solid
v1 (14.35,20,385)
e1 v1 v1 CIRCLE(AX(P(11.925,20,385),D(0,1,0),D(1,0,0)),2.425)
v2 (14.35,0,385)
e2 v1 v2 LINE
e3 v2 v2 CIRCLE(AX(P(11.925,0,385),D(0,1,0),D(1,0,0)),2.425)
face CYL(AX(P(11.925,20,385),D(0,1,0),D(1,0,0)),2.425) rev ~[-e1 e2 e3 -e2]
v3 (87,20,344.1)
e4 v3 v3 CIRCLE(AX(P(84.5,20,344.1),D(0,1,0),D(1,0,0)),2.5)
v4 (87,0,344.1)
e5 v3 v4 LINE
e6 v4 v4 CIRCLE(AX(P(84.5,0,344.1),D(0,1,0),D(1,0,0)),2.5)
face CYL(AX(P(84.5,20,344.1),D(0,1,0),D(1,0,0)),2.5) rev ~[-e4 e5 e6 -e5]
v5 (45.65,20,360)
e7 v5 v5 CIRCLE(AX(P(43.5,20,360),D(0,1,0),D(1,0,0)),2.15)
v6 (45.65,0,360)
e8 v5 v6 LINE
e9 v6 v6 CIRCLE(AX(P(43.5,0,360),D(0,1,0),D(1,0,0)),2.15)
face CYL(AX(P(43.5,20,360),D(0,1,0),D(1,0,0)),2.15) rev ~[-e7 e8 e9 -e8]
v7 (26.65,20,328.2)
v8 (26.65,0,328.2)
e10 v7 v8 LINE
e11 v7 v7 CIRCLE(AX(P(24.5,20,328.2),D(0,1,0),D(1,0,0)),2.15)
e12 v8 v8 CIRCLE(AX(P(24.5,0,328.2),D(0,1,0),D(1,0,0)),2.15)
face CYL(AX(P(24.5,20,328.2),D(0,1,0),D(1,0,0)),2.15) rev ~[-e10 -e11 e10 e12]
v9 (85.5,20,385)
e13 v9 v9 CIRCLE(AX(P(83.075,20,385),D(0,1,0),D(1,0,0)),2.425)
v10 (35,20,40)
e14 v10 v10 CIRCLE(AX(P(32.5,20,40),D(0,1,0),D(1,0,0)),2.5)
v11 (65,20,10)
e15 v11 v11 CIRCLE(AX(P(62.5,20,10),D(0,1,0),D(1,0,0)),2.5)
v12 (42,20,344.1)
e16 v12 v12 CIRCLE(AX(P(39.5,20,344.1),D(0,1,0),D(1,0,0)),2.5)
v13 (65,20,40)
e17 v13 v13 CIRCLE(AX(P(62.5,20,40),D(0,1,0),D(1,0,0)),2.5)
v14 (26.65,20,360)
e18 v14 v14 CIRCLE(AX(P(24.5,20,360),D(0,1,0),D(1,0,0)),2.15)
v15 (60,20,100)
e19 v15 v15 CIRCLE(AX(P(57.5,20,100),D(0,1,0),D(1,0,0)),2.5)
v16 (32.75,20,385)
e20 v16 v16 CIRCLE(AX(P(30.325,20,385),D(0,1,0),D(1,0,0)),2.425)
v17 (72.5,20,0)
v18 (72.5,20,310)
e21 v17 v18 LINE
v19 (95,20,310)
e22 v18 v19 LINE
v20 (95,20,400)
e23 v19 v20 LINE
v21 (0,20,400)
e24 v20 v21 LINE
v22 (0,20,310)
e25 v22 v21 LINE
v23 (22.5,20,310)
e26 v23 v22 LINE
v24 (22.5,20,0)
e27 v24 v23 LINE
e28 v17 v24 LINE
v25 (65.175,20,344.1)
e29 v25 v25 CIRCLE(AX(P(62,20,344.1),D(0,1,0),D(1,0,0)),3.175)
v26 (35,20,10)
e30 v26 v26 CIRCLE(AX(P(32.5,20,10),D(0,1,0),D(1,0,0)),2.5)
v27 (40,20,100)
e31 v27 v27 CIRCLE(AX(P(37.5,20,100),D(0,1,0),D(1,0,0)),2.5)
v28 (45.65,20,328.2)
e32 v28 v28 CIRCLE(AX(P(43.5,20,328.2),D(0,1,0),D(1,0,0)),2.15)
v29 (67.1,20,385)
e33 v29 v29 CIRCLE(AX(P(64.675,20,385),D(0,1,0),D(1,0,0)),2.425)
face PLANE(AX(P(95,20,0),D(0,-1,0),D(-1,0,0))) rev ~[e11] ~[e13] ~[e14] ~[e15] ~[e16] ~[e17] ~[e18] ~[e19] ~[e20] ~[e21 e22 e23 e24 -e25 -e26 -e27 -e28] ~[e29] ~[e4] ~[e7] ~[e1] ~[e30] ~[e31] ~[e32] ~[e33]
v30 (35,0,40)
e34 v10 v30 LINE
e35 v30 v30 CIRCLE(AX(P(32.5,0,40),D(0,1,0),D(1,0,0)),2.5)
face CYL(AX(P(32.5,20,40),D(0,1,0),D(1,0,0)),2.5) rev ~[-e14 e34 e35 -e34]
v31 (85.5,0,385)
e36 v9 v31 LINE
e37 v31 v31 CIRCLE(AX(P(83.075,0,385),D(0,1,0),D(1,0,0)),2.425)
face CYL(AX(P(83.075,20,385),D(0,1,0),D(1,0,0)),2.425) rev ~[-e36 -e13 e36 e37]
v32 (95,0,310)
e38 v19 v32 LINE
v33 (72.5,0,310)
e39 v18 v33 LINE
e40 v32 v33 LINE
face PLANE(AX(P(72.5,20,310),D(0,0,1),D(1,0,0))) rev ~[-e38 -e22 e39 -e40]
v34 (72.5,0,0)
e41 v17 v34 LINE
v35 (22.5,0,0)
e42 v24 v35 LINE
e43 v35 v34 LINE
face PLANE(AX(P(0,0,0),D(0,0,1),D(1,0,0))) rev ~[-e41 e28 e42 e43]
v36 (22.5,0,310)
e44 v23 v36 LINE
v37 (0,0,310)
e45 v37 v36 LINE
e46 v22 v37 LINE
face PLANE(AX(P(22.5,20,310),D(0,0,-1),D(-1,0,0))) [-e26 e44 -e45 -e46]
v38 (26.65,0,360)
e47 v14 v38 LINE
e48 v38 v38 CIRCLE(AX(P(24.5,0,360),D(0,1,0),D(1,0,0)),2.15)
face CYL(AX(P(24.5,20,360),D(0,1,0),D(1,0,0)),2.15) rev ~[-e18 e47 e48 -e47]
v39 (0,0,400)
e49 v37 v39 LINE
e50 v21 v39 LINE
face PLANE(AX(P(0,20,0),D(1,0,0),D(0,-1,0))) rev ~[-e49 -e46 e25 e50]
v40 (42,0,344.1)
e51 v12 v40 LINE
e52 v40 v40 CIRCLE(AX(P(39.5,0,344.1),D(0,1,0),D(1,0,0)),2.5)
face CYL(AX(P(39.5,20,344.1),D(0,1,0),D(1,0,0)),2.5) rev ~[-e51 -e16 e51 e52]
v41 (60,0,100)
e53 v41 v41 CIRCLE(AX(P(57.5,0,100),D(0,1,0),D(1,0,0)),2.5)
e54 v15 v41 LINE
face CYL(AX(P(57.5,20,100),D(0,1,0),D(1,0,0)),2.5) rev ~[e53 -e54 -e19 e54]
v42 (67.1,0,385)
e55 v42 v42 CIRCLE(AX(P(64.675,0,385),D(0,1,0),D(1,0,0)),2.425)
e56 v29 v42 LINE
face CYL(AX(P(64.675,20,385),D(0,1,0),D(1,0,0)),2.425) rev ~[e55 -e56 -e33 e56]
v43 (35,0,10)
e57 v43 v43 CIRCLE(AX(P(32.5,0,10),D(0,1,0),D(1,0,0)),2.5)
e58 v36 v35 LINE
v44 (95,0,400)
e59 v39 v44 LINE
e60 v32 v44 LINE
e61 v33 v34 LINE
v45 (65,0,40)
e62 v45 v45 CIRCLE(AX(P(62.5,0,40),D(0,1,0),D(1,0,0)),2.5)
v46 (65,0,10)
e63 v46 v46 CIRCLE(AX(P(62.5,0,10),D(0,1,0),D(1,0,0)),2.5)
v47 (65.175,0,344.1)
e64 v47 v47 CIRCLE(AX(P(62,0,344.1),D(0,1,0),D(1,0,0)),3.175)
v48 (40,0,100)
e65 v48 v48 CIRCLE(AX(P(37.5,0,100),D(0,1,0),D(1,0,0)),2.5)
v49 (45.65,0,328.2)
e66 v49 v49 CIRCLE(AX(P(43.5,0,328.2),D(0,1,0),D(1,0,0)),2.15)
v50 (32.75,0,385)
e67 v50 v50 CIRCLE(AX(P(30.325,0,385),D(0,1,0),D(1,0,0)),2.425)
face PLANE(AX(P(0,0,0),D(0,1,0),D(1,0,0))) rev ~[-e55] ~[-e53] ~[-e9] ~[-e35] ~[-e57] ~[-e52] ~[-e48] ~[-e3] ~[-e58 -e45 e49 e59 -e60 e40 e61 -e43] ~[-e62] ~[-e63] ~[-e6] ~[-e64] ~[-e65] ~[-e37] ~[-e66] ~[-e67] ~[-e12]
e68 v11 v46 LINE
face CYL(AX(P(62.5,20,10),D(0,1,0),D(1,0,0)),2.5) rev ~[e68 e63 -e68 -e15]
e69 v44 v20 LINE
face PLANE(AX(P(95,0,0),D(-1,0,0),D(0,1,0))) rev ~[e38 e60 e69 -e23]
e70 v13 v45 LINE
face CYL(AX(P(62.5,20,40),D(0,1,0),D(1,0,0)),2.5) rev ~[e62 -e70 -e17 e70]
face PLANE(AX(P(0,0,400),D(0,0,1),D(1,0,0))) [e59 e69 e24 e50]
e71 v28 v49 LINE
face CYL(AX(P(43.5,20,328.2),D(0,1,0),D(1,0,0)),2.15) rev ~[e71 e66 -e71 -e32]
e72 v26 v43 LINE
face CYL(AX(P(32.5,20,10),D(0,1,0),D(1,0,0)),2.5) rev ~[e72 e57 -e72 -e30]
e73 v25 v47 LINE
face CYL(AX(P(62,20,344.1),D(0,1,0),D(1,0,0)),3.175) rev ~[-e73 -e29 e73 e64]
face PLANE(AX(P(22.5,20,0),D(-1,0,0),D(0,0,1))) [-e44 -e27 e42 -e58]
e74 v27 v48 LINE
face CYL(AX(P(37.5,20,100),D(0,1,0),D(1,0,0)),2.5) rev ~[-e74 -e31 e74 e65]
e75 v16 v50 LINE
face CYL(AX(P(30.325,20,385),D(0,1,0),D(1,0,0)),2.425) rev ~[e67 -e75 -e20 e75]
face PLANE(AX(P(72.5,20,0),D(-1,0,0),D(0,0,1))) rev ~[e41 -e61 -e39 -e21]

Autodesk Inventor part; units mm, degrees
ref_plane "YZ Plane" through (0, 0, 0) normal (1, 0, 0) x (0, 1, 0)
ref_plane "XZ Plane" through (0, 0, 0) normal (0, 1, 0) x (-1, 0, 0)
ref_plane "XY Plane" through (0, 0, 0) normal (0, 0, 1) x (1, 0, 0)
sketch "Sketch1" plane through (0, 0, 0) normal (0, 0, 1) x (1, 0, 0)
  line L0 (0, 0) -> (95, 0)
  line L1 (95, 0) -> (95, 20)
  line L2 (95, 20) -> (0, 20)
  line L3 (0, 20) -> (0, 0)
  dimension "d0" = 95
  dimension "d1" = 20
extrude "Extrusion1" add sketch "Sketch1" along normal blind 400
sketch "Sketch4" plane through (0, 20, 0) normal (0, 1, 0) x (1, 0, 0)
  line L0 (95, 0) -> (0, 0) projected
  line L1 (0, 0) -> (0, -400) projected
  line L2 (95, -400) -> (0, -400) projected
  line L3 (95, 0) -> (95, -400) projected
  line L4 (95, -376.825) -> (95, -383.175) projected
  line L5 (0, -383.175) -> (0, -376.825) projected
  line L6 (95, 0) -> (72.5, 0)
  line L7 (72.5, 0) -> (72.5, -310)
  line L8 (72.5, -310) -> (95, -310)
  line L9 (95, -310) -> (95, 0)
  line L10 (0, 0) -> (22.5, 0)
  line L11 (22.5, 0) -> (22.5, -310)
  line L12 (22.5, -310) -> (0, -310)
  line L13 (0, -310) -> (0, 0)
  dimension "d30" = 90
  dimension "d31" = 50
  dimension "d32" = 22.5
extrude "Extrusion4" cut sketch "Sketch4" against normal up to next contours L3 L8 L7 L0 | L11 L12 L1 L0
sketch "Sketch5" plane through (0, 20, 400) normal (0, 1, 0) x (1, 0, 0)
  circle A0 centre (62.5, 360) radius 2.5
  circle A1 centre (32.5, 360) radius 2.5
  circle A2 centre (62.5, 390) radius 2.5
  circle A3 centre (32.5, 390) radius 2.5
  line L0 (22.5, 400) -> (22.5, 90) projected
  line L1 (22.5, 90) -> (0, 90) projected
  line L2 (0, 90) -> (0, 0) projected
  line L3 (95, 0) -> (0, 0) projected
  line L4 (95, 90) -> (95, 0) projected
  line L5 (95, 90) -> (72.5, 90) projected
  line L6 (72.5, 90) -> (72.5, 400) projected
  line L7 (72.5, 400) -> (22.5, 400) projected
  point P0 (0, 400)
  dimension "d35" = 5
  dimension "d36" = 5
  dimension "d37" = 5
  dimension "d38" = 5
  dimension "d39" = 30
  dimension "d40" = 30
  dimension "d41" = 10
  dimension "d42" = 10
  dimension "d43" = 30
  dimension "d44" = 30
  dimension "d45" = 10
  dimension "d46" = 10
extrude "Extrusion5" cut sketch "Sketch5" against normal up to next contours A0 | A1 | A2 | A3
sketch "Sketch8" plane through (0, 20, 400) normal (0, 1, 0) x (1, 0, 0)
  circle A0 centre (30.325, 15) radius 2.425
  circle A1 centre (11.925, 15) radius 2.425
  circle A2 centre (83.075, 15) radius 2.425
  circle A3 centre (64.675, 15) radius 2.425
  line L0 (0, 90) -> (0, 0) projected
  line L1 (95, 90) -> (95, 0) projected
  line L2 (95, 0) -> (0, 0) projected
  point P0 (0, 400)
  dimension "d60" = 4.85
  dimension "d61" = 4.85
  dimension "d62" = 4.85
  dimension "d63" = 4.85
  dimension "d64" = 11.925
  dimension "d65" = 18.4
  dimension "d66" = 11.925
  dimension "d67" = 18.4
  dimension "d68" = 15
  dimension "d69" = 15
  dimension "d70" = 15
  dimension "d71" = 15
extrude "Extrusion8" cut sketch "Sketch8" against normal up to next
sketch "Sketch9" plane through (0, 20, 400) normal (0, 1, 0) x (1, 0, 0)
  circle A0 centre (43.5, 40) radius 2.15
  circle A1 centre (43.5, 71.8) radius 2.15
  line L0 (95, 0) -> (0, 0) projected
  line L1 (0, 90) -> (0, 0) projected
  circle A2 centre (24.5, 40) radius 2.15
  circle A3 centre (24.5, 71.8) radius 2.15
  point P0 (0, 400)
  dimension "d74" = 4.3
  dimension "d75" = 4.3
  dimension "d76" = 31.8
  dimension "d77" = 40
  dimension "d80" = 4.3
  dimension "d81" = 4.3
  dimension "d82" = 19
  dimension "d83" = 19
  dimension "d84" = 31.8
  dimension "d85" = 40
  dimension "d86" = 24.5
  dimension "d87" = 24.5
extrude "Extrusion9" cut sketch "Sketch9" against normal up to next
sketch "Sketch10" plane through (0, 20, 400) normal (0, 1, 0) x (1, 0, 0)
  circle A0 centre (84.5, 55.9) radius 2.5
  circle A1 centre (39.5, 55.9) radius 2.5
  circle A2 centre (24.5, 40) radius 2.15 projected
  circle A3 centre (43.5, 40) radius 2.15 projected
  circle A4 centre (43.5, 71.8) radius 2.15 projected
  circle A5 centre (24.5, 71.8) radius 2.15 projected
  circle A6 centre (83.075, 15) radius 2.425 projected
  circle A7 centre (30.325, 15) radius 2.425 projected
  circle A8 centre (11.925, 15) radius 2.425 projected
  circle A9 centre (64.675, 15) radius 2.425 projected
  circle A10 centre (62.5, 390) radius 2.5 projected
  circle A11 centre (62.5, 360) radius 2.5 projected
  circle A12 centre (32.5, 360) radius 2.5 projected
  circle A13 centre (32.5, 390) radius 2.5 projected
  line L0 (22.5, 400) -> (22.5, 90) projected
  line L1 (22.5, 90) -> (0, 90) projected
  line L2 (0, 90) -> (0, 0) projected
  line L3 (95, 0) -> (0, 0) projected
  line L4 (95, 90) -> (95, 0) projected
  line L5 (95, 90) -> (72.5, 90) projected
  line L6 (72.5, 90) -> (72.5, 400) projected
  line L7 (72.5, 400) -> (22.5, 400) projected
  circle A14 centre (62, 55.9) radius 3.175
  point P0 (0, 400)
  dimension "d90" = 45
  dimension "d91" = 5
  dimension "d92" = 5
  dimension "d93" = 15.9
  dimension "d94" = 15.9
  dimension "d95" = 39.5
  dimension "d106" = 6.35
  dimension "d107" = 22.5
  dimension "d108" = 15.9
extrude "Extrusion10" cut sketch "Sketch10" against normal up to next contours A0 | A1 | A14
sketch "Sketch11" plane through (0, 20, 400) normal (0, 1, 0) x (1, 0, 0)
  circle A0 centre (57.5, 300) radius 2.5
  circle A1 centre (37.5, 300) radius 2.5
  line L0 (72.5, 400) -> (22.5, 400) projected
  line L1 (72.5, 90) -> (72.5, 400) projected
  point P0 (0, 400)
  dimension "d98" = 5
  dimension "d99" = 5
  dimension "d100" = 20
  dimension "d101" = 100
  dimension "d102" = 100
  dimension "d103" = 15
extrude "Extrusion11" cut sketch "Sketch11" against normal up to next
equation "\"d87\" = d86"
properties part number "Arm-SquareBar-Rev3"
